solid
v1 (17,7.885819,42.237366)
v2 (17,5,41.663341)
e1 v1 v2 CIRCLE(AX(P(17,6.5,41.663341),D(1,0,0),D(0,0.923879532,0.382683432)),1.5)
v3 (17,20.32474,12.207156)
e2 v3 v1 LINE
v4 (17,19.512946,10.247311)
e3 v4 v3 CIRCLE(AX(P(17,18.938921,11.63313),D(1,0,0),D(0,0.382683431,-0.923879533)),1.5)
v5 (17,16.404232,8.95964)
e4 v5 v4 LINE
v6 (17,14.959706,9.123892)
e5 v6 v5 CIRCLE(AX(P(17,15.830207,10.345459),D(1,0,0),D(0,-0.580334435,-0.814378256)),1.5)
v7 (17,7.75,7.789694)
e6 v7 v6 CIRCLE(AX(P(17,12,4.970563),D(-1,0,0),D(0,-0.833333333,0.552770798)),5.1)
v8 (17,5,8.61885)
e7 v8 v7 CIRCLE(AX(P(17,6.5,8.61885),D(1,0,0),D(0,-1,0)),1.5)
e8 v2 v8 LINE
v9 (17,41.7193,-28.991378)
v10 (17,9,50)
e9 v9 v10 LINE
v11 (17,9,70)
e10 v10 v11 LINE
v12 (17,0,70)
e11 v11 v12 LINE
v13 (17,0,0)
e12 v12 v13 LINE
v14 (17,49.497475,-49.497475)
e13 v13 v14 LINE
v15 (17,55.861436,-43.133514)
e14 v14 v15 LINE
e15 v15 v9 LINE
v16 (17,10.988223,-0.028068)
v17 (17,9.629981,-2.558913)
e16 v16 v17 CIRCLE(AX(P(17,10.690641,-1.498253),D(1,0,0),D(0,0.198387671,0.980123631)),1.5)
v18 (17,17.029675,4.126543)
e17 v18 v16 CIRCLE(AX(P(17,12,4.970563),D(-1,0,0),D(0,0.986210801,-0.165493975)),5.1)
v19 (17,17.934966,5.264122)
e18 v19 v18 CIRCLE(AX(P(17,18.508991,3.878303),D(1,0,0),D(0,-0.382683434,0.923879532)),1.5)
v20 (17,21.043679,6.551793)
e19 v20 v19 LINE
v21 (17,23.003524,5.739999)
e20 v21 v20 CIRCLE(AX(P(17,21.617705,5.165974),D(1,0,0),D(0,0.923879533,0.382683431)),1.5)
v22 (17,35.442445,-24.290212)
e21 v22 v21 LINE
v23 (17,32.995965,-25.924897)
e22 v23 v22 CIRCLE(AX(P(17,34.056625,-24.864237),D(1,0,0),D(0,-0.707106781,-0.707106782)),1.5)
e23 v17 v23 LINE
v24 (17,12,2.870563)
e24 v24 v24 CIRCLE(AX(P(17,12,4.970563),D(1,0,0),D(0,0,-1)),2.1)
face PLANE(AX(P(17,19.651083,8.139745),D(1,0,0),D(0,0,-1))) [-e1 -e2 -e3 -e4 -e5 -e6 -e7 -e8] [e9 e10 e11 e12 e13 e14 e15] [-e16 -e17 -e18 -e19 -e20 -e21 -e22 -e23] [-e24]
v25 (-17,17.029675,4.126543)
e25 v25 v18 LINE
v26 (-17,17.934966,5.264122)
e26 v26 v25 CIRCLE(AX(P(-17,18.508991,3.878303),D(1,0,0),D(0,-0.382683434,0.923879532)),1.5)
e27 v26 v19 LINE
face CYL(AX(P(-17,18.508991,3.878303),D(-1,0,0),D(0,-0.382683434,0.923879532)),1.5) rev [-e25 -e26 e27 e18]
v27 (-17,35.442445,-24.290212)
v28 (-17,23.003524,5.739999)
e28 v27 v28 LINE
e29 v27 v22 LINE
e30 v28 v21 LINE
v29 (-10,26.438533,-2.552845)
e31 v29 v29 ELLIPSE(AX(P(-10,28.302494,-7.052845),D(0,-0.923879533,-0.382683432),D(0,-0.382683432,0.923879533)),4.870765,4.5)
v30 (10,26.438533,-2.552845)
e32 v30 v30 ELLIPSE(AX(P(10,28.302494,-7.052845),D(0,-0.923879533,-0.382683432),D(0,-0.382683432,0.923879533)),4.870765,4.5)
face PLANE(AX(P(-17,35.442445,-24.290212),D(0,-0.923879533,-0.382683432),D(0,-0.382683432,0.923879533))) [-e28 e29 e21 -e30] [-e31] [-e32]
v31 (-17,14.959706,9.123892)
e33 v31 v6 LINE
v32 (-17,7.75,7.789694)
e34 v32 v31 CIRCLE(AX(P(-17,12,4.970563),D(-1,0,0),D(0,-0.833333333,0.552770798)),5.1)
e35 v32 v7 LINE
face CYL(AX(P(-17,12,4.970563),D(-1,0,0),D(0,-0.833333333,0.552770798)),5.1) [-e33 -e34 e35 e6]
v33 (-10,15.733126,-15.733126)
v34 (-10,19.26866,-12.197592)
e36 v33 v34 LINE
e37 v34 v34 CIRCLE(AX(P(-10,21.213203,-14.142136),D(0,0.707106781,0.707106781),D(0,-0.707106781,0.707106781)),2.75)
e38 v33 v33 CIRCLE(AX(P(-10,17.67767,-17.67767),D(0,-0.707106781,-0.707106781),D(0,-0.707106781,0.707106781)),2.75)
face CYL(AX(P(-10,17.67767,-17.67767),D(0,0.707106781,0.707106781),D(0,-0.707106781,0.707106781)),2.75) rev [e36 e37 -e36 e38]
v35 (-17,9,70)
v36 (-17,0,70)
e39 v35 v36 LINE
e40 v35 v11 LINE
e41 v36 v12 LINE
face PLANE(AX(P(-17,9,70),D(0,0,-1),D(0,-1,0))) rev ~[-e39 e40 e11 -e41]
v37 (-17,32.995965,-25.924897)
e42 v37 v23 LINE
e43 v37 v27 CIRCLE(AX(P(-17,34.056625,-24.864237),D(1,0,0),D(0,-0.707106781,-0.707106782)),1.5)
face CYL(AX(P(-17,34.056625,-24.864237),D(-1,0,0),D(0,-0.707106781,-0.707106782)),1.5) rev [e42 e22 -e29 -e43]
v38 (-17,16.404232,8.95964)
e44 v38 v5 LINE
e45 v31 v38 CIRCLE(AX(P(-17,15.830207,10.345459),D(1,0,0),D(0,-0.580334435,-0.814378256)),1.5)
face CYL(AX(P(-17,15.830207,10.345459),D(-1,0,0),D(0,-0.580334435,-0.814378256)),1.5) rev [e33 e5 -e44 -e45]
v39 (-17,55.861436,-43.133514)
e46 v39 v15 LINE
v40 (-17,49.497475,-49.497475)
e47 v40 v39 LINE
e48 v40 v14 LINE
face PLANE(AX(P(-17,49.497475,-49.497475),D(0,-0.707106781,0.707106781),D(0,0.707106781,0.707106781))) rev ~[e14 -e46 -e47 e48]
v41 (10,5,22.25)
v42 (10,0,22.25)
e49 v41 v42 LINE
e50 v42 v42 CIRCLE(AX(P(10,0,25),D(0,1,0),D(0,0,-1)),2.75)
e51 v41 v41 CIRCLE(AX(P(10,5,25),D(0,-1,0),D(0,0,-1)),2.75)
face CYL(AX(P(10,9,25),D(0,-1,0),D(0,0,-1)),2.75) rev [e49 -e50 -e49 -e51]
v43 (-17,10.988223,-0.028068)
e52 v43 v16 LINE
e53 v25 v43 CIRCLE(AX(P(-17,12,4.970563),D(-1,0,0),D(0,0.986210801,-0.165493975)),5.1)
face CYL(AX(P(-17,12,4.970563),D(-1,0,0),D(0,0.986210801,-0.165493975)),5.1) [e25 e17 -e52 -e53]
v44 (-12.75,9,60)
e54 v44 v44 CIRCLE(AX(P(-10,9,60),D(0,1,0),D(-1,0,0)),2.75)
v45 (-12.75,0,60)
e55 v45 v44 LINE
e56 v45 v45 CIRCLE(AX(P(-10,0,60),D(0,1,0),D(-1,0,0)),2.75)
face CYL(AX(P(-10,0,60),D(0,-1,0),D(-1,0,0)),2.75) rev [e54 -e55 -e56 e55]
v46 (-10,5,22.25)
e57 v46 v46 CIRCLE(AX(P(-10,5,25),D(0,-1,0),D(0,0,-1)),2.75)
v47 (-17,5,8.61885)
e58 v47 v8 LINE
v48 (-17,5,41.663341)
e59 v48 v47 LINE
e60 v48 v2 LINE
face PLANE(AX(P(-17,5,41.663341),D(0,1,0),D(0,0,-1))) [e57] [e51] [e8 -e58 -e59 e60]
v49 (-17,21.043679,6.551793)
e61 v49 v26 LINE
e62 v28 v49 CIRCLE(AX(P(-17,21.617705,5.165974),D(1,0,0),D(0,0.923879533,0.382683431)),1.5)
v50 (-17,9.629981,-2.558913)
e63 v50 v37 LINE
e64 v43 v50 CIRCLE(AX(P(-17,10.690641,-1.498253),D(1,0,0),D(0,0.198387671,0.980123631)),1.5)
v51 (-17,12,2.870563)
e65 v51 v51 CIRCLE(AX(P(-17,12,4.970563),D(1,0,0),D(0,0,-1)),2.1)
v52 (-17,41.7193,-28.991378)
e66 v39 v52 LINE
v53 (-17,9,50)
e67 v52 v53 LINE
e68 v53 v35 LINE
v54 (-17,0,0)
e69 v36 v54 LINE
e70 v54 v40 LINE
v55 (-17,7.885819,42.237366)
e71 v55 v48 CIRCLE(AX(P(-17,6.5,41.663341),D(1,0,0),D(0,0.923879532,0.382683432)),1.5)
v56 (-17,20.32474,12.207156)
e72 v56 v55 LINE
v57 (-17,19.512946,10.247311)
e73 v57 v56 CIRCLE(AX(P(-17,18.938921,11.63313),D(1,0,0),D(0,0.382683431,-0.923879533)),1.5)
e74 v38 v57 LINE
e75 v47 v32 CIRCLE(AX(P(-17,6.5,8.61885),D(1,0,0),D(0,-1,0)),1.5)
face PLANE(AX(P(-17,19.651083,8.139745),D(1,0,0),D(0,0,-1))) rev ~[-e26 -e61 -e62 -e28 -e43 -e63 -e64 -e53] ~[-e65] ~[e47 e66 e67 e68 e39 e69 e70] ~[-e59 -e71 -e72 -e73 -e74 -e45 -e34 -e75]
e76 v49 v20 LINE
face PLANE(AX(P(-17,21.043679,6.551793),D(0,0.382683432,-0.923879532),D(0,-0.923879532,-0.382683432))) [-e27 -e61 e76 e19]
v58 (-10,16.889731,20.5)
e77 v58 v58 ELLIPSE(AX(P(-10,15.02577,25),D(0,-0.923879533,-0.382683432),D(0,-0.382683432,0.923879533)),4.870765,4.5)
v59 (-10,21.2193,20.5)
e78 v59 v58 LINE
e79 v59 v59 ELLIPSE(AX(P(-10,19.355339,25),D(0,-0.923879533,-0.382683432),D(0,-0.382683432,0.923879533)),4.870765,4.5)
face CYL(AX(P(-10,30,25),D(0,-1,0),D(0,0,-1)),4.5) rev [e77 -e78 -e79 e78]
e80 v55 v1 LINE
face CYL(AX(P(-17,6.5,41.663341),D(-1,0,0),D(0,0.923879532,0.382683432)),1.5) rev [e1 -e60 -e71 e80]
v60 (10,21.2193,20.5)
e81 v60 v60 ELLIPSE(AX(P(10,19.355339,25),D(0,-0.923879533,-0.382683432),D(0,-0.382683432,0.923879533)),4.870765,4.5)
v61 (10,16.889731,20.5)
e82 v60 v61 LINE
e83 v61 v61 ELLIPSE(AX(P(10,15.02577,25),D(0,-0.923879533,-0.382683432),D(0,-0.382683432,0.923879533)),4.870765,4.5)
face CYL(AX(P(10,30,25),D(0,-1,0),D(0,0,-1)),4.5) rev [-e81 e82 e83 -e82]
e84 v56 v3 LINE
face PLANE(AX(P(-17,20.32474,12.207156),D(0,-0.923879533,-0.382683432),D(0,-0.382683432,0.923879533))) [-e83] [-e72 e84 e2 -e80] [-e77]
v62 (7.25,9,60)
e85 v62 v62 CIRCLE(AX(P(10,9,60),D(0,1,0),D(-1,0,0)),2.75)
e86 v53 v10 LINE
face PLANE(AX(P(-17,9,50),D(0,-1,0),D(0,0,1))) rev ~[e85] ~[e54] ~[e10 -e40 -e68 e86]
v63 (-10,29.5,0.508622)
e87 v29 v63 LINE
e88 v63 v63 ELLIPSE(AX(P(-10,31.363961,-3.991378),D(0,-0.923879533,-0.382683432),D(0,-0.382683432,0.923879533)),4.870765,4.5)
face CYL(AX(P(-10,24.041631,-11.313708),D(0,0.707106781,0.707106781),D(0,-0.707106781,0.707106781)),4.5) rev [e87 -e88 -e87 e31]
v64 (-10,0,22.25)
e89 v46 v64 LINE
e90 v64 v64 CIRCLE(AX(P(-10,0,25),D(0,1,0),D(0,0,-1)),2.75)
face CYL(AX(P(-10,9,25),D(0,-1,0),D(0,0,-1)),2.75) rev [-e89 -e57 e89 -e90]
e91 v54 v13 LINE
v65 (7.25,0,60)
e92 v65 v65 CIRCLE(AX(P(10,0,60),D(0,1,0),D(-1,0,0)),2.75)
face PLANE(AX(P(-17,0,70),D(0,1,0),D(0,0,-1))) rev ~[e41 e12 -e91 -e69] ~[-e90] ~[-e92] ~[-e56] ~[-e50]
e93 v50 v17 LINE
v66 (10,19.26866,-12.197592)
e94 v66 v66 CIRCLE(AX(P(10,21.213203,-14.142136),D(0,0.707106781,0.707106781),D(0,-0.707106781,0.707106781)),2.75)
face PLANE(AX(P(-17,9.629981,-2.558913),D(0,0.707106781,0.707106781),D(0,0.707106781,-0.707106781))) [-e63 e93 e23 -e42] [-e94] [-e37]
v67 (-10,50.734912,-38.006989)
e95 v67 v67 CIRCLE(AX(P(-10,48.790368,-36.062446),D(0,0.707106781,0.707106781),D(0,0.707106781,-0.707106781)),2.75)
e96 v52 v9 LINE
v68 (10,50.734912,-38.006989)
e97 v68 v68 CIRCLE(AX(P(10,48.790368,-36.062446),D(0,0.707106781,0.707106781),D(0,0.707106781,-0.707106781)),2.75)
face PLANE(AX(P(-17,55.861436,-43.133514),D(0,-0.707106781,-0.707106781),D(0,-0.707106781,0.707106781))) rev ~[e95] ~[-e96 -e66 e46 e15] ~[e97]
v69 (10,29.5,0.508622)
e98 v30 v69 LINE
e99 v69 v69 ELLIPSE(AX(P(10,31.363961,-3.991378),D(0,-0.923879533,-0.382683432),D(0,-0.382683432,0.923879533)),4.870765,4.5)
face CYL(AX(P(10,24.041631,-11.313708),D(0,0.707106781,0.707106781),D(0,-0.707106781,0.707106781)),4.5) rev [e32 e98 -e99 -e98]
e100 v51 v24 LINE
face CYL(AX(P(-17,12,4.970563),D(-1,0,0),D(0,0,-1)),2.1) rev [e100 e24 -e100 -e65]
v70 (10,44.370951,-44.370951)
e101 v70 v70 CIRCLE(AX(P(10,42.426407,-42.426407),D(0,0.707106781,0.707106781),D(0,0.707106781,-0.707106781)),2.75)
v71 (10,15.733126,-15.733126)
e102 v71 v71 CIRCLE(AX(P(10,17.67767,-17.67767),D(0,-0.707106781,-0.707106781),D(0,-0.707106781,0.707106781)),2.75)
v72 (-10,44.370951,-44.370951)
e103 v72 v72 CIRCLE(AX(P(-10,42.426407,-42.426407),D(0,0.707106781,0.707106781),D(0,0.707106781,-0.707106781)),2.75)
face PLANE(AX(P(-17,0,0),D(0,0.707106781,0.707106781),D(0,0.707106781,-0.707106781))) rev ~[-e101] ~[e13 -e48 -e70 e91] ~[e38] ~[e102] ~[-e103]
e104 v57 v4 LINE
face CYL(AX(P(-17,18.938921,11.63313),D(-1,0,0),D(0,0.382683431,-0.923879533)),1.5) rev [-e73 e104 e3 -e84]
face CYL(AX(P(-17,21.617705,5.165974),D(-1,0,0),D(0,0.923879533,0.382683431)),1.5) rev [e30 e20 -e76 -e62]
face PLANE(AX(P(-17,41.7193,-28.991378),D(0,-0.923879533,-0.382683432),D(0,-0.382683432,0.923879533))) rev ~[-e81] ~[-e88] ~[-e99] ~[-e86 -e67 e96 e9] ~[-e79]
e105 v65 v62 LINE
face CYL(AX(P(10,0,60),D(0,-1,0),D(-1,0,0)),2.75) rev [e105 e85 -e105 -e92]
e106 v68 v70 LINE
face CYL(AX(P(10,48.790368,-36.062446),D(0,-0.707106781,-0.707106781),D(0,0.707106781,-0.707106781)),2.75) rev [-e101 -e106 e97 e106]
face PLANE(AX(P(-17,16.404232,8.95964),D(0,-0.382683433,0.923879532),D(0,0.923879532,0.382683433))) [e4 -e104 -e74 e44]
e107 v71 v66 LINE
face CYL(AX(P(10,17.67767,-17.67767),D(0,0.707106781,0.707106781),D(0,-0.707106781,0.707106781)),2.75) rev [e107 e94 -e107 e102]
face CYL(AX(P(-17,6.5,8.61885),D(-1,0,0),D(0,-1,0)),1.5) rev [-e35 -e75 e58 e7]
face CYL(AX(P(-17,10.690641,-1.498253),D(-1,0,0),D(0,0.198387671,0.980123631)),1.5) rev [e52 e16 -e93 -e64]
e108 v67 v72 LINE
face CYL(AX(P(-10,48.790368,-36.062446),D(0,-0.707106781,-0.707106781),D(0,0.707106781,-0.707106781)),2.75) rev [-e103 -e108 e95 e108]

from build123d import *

# Parameters (mm, degrees)
BOSS_EXTRUDE1_DEPTH      = 17
BOSS_EXTRUDE1_DEPTH_BACK = 17
SKETCH1_R                = 2.1
SKETCH2_R                = 2.75
CUT_EXTRUDE1_DEPTH       = 9
SKETCH3_R                = 2.75
CUT_EXTRUDE2_DEPTH       = 9


with BuildPart() as part:
    # Sketch1 → Boss-Extrude1 (new, two sides: drawn at the far end of the back side and taken through both)
    with BuildSketch(Plane(origin=(0, 0, 0), x_dir=(0, 0, -1), z_dir=(1, 0, 0)).offset(-BOSS_EXTRUDE1_DEPTH_BACK)):
        Polygon((-70, 0), (0, 0), (49.497474683, 49.497474683), (43.133513652, 55.861435714), (28.991378029, 41.71930009), (-50, 9), (-70, 9), align=None)
        with Locations((-4.970562748, 12)):
            Circle(SKETCH1_R, mode=Mode.SUBTRACT)
        with BuildLine():
            Line((-6.551793043, 21.043679481), (-5.264121815, 17.934966139))
            ThreePointArc((-5.264121815, 17.934966139), (-4.812340099, 17.335290392), (-4.126543478, 17.029675086))
            ThreePointArc((-4.126543478, 17.029675086), (-0.768310337, 14.889822601), (0.028067769, 10.988222878))
            ThreePointArc((0.028067769, 10.988222878), (0.788934633, 9.368950353), (2.558913388, 9.6299812))
            Line((2.558913388, 9.6299812), (25.924897249, 32.995965061))
            ThreePointArc((25.924897249, 32.995965061), (26.111441495, 34.889980582), (24.290211928, 35.442444531))
            Line((24.290211928, 35.442444531), (-5.739998892, 23.003523928))
            ThreePointArc((-5.739998892, 23.003523928), (-6.551793043, 22.191729778), (-6.551793043, 21.043679481))
        make_face(mode=Mode.SUBTRACT)
        with BuildLine():
            Line((-41.663341292, 5), (-8.618850018, 5))
            ThreePointArc((-8.618850018, 5), (-7.182709356, 6.066987298), (-7.78969382, 7.75))
            ThreePointArc((-7.78969382, 7.75), (-9.985417083, 11.071971981), (-9.123891859, 14.959705611))
            ThreePointArc((-9.123891859, 14.959705611), (-8.855063072, 15.660739707), (-8.959639945, 16.40423241))
            Line((-8.959639945, 16.40423241), (-10.247311173, 19.512945751))
            ThreePointArc((-10.247311173, 19.512945751), (-11.059105323, 20.324739902), (-12.20715562, 20.324739902))
            Line((-12.20715562, 20.324739902), (-42.237366441, 7.885819299))
            ThreePointArc((-42.237366441, 7.885819299), (-43.134519213, 6.207364517), (-41.663341292, 5))
        make_face(mode=Mode.SUBTRACT)
    extrude(amount=BOSS_EXTRUDE1_DEPTH + BOSS_EXTRUDE1_DEPTH_BACK)

    # Sketch2 → Cut-Extrude1 (cut)
    with BuildSketch(Plane(origin=(0, 0, 0), x_dir=(-1, 0, 0), z_dir=(0, 1, 0))):
        with Locations((10, 60)):
            Circle(SKETCH2_R)
    extrude(amount=CUT_EXTRUDE1_DEPTH, mode=Mode.SUBTRACT)

    # Sketch3 → Cut-Extrude2 (cut)
    with BuildSketch(Plane(origin=(0, 0, 0), x_dir=(-1, 0, 0), z_dir=(0, 1, 0))):
        with Locations((-10, 60)):
            Circle(SKETCH3_R)
    extrude(amount=CUT_EXTRUDE2_DEPTH, mode=Mode.SUBTRACT)

    # Sketch4 → Cut-Revolve1 (revolve, cut)
    with BuildSketch(Plane(origin=(10, 0, 0), x_dir=(0, 0, -1), z_dir=(1, 0, 0))):
        Polygon((-25, 30), (-20.5, 30), (-20.5, 9), (-22.25, 9), (-22.25, 0), (-25, 0), align=None)
    revolve(axis=Axis((10, 0, 25), (0, 1, 0)), mode=Mode.SUBTRACT)

    # Sketch5 → Cut-Revolve2 (revolve, cut)
    with BuildSketch(Plane(origin=(10, 0, 0), x_dir=(0, 0, -1), z_dir=(1, 0, 0))):
        Polygon((17.67766953, 17.67766953), (15.733125881, 15.733125881), (9.369164851, 22.097086912), (8.131727984, 20.859650045), (-6.717514421, 35.70889245), (-3.535533906, 38.890872965), align=None)
    revolve(axis=Axis((10, 38.890872965, 3.535533906), (0, -0.7071067811865476, -0.7071067811865476)), mode=Mode.SUBTRACT)

    # Sketch6 → Cut-Revolve3 (revolve, cut)
    with BuildSketch(Plane(origin=(-10, 0, 0), x_dir=(0, 0, -1), z_dir=(1, 0, 0))):
        Polygon((-25, 30), (-20.5, 30), (-20.5, 9), (-22.25, 9), (-22.25, 0), (-25, 0), align=None)
    revolve(axis=Axis((-10, 0, 25), (0, 1, 0)), mode=Mode.SUBTRACT)

    # Sketch7 → Cut-Revolve4 (revolve, cut)
    with BuildSketch(Plane(origin=(-10, 0, 0), x_dir=(0, 0, -1), z_dir=(1, 0, 0))):
        Polygon((17.67766953, 17.67766953), (15.733125881, 15.733125881), (9.369164851, 22.097086912), (8.131727984, 20.859650045), (-6.717514421, 35.70889245), (-3.535533906, 38.890872965), align=None)
    revolve(axis=Axis((-10, 38.890872965, 3.535533906), (0, -0.7071067811865474, -0.7071067811865477)), mode=Mode.SUBTRACT)

    # Sketch8 → Cut-Revolve5 (revolve, cut)
    with BuildSketch(Plane(origin=(10, 0, 0), x_dir=(0, 0, -1), z_dir=(1, 0, 0))):
        Polygon((36.062445841, 48.790367902), (38.006989489, 50.73491155), (44.370950519, 44.370950519), (42.426406871, 42.426406871), align=None)
    revolve(axis=Axis((10, 42.426406871, -42.426406871), (0, 0.7071067811865476, 0.7071067811865476)), mode=Mode.SUBTRACT)

    # Sketch9 → Cut-Revolve6 (revolve, cut)
    with BuildSketch(Plane(origin=(-10, 0, 0), x_dir=(0, 0, -1), z_dir=(1, 0, 0))):
        Polygon((36.062445841, 48.790367902), (38.006989489, 50.73491155), (44.370950519, 44.370950519), (42.426406871, 42.426406871), align=None)
    revolve(axis=Axis((-10, 42.426406871, -42.426406871), (0, 0.7071067811865476, 0.7071067811865476)), mode=Mode.SUBTRACT)


solid = part.part
